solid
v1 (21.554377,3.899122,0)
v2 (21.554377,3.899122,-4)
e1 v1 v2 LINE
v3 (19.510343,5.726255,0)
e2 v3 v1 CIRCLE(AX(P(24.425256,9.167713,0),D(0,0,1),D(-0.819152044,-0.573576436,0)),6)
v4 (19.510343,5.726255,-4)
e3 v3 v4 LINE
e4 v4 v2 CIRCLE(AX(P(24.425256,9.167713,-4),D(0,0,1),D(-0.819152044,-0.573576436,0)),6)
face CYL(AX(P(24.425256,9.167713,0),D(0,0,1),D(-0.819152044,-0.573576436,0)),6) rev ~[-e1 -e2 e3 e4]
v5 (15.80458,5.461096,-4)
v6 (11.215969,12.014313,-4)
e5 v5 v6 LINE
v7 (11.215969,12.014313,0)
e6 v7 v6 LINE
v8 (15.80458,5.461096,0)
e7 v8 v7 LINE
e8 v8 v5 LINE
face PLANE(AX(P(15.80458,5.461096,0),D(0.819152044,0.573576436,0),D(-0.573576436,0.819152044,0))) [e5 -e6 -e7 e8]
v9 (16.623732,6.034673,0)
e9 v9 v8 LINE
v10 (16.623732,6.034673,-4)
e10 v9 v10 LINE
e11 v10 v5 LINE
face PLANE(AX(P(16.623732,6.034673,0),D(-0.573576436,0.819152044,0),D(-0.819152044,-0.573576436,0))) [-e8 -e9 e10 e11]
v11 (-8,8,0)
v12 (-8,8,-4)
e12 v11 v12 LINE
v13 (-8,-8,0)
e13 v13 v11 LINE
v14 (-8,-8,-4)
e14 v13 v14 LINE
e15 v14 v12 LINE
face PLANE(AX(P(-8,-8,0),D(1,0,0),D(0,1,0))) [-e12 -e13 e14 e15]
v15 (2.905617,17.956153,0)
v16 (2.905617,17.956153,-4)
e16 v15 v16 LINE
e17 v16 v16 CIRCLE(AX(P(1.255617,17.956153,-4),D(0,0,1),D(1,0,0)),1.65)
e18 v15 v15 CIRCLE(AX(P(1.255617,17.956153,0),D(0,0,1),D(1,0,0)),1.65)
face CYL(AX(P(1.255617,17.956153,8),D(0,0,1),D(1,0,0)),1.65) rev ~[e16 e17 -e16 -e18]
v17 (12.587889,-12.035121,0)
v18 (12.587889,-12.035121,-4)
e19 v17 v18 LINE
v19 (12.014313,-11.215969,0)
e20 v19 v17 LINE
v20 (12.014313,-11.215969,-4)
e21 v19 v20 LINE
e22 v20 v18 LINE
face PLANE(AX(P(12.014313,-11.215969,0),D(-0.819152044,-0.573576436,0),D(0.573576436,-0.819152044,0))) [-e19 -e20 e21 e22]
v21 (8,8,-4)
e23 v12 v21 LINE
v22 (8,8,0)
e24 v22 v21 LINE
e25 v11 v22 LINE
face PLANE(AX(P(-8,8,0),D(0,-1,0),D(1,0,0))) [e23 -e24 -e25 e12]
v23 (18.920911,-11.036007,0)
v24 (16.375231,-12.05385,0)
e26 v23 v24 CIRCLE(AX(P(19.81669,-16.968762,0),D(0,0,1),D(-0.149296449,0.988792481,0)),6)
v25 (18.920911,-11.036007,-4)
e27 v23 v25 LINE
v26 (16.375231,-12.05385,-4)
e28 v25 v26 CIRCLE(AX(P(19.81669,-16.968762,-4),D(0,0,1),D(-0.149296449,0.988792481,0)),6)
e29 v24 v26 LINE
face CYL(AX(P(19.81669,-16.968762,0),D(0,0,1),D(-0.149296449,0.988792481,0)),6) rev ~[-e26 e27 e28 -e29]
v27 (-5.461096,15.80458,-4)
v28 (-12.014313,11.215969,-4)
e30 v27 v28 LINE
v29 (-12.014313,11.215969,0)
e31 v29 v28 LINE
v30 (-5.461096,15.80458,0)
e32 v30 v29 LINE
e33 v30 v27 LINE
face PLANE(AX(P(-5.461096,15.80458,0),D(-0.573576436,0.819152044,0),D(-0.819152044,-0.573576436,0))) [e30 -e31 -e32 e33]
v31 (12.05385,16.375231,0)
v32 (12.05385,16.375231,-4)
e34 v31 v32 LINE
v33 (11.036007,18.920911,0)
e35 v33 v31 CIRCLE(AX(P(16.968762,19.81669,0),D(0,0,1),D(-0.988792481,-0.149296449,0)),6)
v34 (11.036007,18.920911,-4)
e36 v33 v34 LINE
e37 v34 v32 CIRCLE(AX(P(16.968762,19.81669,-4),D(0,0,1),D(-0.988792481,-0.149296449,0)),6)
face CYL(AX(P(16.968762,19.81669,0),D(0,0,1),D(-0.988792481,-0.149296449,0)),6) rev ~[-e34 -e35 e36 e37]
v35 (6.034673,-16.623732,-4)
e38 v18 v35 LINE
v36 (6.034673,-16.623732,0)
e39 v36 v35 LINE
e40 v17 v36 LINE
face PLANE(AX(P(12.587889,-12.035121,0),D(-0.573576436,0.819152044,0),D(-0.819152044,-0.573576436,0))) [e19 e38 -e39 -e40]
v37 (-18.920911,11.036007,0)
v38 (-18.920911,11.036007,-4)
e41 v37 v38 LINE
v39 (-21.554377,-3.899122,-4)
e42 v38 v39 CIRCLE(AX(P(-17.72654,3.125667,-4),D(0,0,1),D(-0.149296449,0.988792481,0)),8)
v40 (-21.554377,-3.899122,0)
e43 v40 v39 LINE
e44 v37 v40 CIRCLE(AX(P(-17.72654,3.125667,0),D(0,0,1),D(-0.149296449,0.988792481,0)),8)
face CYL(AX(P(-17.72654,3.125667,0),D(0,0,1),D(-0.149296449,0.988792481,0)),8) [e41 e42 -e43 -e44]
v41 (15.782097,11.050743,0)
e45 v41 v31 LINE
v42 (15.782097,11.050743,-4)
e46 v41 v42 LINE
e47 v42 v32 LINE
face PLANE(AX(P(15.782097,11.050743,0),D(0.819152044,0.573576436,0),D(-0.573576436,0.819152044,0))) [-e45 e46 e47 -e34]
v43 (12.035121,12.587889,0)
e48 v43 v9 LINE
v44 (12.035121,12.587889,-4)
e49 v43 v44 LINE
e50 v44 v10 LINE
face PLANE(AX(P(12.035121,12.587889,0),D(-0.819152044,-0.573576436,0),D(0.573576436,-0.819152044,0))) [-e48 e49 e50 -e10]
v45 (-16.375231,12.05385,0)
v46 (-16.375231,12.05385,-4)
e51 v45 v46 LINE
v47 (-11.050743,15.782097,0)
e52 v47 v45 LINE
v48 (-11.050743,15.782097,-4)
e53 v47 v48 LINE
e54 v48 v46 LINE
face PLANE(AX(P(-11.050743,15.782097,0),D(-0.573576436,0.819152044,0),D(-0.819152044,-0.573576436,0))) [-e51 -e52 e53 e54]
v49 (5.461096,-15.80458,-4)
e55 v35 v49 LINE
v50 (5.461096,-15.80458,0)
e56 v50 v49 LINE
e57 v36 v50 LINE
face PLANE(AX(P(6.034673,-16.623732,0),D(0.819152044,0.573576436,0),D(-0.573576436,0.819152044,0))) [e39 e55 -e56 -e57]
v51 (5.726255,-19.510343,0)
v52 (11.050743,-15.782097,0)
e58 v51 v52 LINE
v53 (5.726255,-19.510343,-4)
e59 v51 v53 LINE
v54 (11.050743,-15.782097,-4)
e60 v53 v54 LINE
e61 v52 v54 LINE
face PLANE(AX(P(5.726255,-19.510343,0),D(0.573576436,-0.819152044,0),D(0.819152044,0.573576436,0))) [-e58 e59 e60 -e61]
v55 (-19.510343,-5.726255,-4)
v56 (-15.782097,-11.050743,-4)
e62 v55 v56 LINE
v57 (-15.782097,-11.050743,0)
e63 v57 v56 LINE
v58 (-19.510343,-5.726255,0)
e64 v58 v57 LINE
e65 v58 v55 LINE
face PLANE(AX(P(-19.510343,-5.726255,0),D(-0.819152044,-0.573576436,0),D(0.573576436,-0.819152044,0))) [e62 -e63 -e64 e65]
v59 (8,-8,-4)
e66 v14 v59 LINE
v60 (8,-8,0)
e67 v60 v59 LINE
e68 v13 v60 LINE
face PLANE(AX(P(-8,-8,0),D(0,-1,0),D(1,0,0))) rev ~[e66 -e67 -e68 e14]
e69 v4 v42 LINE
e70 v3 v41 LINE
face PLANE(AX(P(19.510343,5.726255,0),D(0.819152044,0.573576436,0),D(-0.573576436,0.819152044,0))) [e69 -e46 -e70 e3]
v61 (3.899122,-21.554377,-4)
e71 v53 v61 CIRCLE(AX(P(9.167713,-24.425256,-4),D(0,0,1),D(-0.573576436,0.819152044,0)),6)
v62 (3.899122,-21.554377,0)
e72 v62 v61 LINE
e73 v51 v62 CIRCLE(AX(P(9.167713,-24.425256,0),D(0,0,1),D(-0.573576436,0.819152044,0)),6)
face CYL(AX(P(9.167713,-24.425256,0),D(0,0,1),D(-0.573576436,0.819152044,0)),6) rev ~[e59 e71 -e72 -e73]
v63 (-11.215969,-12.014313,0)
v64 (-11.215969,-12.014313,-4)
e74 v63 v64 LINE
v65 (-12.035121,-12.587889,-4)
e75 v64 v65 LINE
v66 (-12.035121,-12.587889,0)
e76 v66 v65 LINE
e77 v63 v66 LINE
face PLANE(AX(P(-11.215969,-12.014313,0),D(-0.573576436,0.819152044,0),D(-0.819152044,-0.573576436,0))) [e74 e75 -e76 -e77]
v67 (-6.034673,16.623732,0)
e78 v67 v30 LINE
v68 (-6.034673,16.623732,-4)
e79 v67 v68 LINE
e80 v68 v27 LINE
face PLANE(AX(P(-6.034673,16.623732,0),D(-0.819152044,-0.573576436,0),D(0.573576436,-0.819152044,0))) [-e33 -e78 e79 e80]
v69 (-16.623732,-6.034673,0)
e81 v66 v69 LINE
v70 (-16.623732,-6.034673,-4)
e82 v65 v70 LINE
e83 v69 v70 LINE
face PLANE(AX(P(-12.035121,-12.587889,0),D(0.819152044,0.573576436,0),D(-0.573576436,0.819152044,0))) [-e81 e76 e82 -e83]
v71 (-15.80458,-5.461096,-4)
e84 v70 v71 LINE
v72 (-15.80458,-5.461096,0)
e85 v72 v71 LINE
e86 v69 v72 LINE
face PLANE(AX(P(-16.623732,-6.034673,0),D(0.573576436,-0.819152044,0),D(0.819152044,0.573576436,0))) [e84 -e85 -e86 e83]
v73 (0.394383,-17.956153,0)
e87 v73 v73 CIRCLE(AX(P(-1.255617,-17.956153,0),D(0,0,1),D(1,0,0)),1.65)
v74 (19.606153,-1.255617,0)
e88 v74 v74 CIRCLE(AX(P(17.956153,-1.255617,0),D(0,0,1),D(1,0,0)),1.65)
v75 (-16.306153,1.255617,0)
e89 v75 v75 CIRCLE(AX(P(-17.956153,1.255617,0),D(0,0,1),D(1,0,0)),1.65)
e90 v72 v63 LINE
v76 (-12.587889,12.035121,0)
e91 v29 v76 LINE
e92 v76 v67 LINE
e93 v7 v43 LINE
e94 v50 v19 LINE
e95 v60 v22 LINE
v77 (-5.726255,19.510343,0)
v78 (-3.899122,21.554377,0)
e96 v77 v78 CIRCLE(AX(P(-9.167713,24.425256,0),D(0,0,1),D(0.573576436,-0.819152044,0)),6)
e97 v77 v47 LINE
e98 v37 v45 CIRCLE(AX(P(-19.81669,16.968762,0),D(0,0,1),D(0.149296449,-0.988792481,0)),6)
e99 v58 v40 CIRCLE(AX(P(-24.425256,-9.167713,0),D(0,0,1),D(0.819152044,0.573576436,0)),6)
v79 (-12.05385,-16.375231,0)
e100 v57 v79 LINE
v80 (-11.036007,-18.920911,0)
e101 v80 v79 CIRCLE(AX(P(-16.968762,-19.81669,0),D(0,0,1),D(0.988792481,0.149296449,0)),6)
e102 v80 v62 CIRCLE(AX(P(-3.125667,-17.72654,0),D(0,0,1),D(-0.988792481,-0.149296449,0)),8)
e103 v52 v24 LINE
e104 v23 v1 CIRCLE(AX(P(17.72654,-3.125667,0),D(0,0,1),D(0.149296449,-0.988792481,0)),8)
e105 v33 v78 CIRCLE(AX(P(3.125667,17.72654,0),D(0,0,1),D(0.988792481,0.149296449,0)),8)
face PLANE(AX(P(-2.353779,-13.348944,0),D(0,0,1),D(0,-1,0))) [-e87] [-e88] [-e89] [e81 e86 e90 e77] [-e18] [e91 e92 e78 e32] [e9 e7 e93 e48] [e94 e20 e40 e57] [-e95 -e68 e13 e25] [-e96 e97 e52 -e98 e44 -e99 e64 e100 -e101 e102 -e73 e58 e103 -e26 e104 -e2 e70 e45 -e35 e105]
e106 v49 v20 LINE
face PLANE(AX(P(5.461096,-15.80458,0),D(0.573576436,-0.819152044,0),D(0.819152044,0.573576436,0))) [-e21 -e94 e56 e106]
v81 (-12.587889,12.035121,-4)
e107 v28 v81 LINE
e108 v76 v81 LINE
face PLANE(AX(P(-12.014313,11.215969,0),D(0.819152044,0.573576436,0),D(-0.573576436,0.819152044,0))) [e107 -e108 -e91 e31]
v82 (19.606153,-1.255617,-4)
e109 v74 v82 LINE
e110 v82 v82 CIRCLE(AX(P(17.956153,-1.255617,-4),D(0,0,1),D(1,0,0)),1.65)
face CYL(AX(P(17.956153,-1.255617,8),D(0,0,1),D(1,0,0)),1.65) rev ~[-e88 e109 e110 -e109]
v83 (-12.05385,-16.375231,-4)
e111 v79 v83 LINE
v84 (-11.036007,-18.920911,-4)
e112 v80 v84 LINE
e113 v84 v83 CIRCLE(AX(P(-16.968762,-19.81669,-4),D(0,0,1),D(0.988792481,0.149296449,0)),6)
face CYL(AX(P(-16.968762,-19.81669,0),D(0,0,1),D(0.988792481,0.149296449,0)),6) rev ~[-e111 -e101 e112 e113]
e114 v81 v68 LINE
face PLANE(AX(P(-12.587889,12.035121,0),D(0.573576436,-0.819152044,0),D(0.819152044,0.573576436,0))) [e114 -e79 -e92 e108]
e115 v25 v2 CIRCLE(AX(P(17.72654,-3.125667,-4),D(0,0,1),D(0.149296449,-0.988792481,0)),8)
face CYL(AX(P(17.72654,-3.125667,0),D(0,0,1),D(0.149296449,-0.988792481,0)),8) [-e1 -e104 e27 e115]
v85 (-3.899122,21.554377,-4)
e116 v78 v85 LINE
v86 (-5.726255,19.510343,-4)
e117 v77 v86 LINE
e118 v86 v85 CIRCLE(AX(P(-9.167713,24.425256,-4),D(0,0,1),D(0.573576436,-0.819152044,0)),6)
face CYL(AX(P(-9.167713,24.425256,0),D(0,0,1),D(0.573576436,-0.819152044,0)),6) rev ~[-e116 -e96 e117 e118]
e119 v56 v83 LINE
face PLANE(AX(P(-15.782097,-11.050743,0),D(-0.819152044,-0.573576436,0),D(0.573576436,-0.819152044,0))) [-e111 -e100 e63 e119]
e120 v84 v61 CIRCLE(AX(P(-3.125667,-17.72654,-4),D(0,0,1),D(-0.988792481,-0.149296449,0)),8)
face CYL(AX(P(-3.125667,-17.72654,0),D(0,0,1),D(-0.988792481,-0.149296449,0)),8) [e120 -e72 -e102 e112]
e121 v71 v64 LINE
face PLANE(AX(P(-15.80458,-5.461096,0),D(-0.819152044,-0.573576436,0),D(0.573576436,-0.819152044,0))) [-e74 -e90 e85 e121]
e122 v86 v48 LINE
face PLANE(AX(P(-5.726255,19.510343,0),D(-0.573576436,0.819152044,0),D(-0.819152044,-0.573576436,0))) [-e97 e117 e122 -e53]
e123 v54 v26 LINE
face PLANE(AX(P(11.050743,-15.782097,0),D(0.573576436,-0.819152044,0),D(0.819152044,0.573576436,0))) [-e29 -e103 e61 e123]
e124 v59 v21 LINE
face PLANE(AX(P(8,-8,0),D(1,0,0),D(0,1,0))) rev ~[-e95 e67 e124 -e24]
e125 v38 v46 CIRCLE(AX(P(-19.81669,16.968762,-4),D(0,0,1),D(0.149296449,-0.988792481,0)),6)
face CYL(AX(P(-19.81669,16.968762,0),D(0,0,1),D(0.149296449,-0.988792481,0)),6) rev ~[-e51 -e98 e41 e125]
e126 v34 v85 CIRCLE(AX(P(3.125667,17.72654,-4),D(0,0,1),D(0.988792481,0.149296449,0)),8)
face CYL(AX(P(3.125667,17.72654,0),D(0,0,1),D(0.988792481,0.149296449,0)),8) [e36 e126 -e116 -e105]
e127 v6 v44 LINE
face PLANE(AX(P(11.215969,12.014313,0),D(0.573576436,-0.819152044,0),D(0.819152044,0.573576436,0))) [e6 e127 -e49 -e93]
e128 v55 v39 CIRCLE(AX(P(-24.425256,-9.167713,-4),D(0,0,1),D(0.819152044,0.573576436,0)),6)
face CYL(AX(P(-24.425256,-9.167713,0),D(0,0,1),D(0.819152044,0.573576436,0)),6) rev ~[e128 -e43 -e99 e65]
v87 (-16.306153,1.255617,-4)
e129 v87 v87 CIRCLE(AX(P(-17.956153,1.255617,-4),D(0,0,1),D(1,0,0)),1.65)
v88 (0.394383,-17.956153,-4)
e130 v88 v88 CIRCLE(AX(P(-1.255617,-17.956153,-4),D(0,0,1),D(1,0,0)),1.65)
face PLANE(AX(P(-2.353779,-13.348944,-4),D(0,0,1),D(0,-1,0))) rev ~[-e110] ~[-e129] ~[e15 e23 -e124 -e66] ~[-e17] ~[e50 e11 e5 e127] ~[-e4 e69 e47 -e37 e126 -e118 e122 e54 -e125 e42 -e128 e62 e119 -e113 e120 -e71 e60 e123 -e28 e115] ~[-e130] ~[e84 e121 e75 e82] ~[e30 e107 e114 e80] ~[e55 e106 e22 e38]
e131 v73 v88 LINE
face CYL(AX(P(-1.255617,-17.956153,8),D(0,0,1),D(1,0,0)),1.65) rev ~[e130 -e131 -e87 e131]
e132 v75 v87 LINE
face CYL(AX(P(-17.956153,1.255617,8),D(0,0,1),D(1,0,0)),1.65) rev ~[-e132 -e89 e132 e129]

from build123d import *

# Parameters (mm, degrees)
PAD006_DEPTH          = 4
POLARPATTERN002_COUNT = 4
SKETCH012_W           = 16
SKETCH012_H           = 16
POCKET001_DEPTH       = 4.001
SKETCH018_R           = 1.65
HOLE_DEPTH            = 12.001
POCKET005_DEPTH       = 149.7520027338
POLARPATTERN_COUNT    = 4


with BuildPart() as part:
    # Sketch → Pad006 (new body)
    with BuildSketch(Plane.XY):
        with BuildLine():
            ThreePointArc((18.9209111487, -11.036007045), (25.6050015783, -4.5148526193), (21.5543772962, 3.8991216402))
            ThreePointArc((19.510343337, 5.7262546507), (20.4266011455, 4.694374188), (21.5543772962, 3.8991216402))
            Line((19.510343337, 5.7262546507), (15.7820965007, 11.0507429386))
            Line((0, 0), (15.7820965007, 11.0507429386))
            Line((0, 0), (11.0507429386, -15.7820965007))
            Line((11.0507429386, -15.7820965007), (16.3752312264, -12.0538496644))
            ThreePointArc((18.9209111487, -11.036007045), (17.5891558316, -11.3975778351), (16.3752312264, -12.0538496644))
        make_face()
    pad006 = extrude(amount=-PAD006_DEPTH)

    # PolarPattern002: Pad006 ×4 about axis
    polarpattern002_axis = Axis((0, 0, 0), (0, 0, 1))
    for i in range(1, POLARPATTERN002_COUNT):
        add(pad006.rotate(polarpattern002_axis, i * 360 / POLARPATTERN002_COUNT))

    # Sketch012 → Pocket001 (cut, through all)
    with BuildSketch(Plane.XY):
        Rectangle(SKETCH012_W, SKETCH012_H)
    extrude(amount=-POCKET001_DEPTH, mode=Mode.SUBTRACT)

    # Sketch018 → Hole (cut, through all)
    with BuildSketch(Plane.XY.offset(8)):
        with Locations((1.2556165274, 17.9561529047)):
            Circle(SKETCH018_R)
        with Locations((-1.2556165274, -17.9561529047)):
            Circle(SKETCH018_R)
        with Locations((-17.9561529047, 1.2556165274)):
            Circle(SKETCH018_R)
        with Locations((17.9561529047, -1.2556165274)):
            Circle(SKETCH018_R)
    extrude(amount=-HOLE_DEPTH, mode=Mode.SUBTRACT)

    # Sketch021 → Pocket005 (cut, through all)
    with BuildSketch(Plane.XY):
        Polygon((11.2159688683, 12.0143126733), (12.0351209126, 12.5878891096), (16.6237324034, 6.0346727553), (15.8045803591, 5.461096319), align=None)
    pocket005 = extrude(amount=-POCKET005_DEPTH, mode=Mode.SUBTRACT)

    # PolarPattern: Pocket005 ×4 about axis
    polarpattern_axis = Axis((0, 0, 0), (0, 0, 1))
    for i in range(1, POLARPATTERN_COUNT):
        add(pocket005.rotate(polarpattern_axis, i * 360 / POLARPATTERN_COUNT), mode=Mode.SUBTRACT)


solid = part.part
